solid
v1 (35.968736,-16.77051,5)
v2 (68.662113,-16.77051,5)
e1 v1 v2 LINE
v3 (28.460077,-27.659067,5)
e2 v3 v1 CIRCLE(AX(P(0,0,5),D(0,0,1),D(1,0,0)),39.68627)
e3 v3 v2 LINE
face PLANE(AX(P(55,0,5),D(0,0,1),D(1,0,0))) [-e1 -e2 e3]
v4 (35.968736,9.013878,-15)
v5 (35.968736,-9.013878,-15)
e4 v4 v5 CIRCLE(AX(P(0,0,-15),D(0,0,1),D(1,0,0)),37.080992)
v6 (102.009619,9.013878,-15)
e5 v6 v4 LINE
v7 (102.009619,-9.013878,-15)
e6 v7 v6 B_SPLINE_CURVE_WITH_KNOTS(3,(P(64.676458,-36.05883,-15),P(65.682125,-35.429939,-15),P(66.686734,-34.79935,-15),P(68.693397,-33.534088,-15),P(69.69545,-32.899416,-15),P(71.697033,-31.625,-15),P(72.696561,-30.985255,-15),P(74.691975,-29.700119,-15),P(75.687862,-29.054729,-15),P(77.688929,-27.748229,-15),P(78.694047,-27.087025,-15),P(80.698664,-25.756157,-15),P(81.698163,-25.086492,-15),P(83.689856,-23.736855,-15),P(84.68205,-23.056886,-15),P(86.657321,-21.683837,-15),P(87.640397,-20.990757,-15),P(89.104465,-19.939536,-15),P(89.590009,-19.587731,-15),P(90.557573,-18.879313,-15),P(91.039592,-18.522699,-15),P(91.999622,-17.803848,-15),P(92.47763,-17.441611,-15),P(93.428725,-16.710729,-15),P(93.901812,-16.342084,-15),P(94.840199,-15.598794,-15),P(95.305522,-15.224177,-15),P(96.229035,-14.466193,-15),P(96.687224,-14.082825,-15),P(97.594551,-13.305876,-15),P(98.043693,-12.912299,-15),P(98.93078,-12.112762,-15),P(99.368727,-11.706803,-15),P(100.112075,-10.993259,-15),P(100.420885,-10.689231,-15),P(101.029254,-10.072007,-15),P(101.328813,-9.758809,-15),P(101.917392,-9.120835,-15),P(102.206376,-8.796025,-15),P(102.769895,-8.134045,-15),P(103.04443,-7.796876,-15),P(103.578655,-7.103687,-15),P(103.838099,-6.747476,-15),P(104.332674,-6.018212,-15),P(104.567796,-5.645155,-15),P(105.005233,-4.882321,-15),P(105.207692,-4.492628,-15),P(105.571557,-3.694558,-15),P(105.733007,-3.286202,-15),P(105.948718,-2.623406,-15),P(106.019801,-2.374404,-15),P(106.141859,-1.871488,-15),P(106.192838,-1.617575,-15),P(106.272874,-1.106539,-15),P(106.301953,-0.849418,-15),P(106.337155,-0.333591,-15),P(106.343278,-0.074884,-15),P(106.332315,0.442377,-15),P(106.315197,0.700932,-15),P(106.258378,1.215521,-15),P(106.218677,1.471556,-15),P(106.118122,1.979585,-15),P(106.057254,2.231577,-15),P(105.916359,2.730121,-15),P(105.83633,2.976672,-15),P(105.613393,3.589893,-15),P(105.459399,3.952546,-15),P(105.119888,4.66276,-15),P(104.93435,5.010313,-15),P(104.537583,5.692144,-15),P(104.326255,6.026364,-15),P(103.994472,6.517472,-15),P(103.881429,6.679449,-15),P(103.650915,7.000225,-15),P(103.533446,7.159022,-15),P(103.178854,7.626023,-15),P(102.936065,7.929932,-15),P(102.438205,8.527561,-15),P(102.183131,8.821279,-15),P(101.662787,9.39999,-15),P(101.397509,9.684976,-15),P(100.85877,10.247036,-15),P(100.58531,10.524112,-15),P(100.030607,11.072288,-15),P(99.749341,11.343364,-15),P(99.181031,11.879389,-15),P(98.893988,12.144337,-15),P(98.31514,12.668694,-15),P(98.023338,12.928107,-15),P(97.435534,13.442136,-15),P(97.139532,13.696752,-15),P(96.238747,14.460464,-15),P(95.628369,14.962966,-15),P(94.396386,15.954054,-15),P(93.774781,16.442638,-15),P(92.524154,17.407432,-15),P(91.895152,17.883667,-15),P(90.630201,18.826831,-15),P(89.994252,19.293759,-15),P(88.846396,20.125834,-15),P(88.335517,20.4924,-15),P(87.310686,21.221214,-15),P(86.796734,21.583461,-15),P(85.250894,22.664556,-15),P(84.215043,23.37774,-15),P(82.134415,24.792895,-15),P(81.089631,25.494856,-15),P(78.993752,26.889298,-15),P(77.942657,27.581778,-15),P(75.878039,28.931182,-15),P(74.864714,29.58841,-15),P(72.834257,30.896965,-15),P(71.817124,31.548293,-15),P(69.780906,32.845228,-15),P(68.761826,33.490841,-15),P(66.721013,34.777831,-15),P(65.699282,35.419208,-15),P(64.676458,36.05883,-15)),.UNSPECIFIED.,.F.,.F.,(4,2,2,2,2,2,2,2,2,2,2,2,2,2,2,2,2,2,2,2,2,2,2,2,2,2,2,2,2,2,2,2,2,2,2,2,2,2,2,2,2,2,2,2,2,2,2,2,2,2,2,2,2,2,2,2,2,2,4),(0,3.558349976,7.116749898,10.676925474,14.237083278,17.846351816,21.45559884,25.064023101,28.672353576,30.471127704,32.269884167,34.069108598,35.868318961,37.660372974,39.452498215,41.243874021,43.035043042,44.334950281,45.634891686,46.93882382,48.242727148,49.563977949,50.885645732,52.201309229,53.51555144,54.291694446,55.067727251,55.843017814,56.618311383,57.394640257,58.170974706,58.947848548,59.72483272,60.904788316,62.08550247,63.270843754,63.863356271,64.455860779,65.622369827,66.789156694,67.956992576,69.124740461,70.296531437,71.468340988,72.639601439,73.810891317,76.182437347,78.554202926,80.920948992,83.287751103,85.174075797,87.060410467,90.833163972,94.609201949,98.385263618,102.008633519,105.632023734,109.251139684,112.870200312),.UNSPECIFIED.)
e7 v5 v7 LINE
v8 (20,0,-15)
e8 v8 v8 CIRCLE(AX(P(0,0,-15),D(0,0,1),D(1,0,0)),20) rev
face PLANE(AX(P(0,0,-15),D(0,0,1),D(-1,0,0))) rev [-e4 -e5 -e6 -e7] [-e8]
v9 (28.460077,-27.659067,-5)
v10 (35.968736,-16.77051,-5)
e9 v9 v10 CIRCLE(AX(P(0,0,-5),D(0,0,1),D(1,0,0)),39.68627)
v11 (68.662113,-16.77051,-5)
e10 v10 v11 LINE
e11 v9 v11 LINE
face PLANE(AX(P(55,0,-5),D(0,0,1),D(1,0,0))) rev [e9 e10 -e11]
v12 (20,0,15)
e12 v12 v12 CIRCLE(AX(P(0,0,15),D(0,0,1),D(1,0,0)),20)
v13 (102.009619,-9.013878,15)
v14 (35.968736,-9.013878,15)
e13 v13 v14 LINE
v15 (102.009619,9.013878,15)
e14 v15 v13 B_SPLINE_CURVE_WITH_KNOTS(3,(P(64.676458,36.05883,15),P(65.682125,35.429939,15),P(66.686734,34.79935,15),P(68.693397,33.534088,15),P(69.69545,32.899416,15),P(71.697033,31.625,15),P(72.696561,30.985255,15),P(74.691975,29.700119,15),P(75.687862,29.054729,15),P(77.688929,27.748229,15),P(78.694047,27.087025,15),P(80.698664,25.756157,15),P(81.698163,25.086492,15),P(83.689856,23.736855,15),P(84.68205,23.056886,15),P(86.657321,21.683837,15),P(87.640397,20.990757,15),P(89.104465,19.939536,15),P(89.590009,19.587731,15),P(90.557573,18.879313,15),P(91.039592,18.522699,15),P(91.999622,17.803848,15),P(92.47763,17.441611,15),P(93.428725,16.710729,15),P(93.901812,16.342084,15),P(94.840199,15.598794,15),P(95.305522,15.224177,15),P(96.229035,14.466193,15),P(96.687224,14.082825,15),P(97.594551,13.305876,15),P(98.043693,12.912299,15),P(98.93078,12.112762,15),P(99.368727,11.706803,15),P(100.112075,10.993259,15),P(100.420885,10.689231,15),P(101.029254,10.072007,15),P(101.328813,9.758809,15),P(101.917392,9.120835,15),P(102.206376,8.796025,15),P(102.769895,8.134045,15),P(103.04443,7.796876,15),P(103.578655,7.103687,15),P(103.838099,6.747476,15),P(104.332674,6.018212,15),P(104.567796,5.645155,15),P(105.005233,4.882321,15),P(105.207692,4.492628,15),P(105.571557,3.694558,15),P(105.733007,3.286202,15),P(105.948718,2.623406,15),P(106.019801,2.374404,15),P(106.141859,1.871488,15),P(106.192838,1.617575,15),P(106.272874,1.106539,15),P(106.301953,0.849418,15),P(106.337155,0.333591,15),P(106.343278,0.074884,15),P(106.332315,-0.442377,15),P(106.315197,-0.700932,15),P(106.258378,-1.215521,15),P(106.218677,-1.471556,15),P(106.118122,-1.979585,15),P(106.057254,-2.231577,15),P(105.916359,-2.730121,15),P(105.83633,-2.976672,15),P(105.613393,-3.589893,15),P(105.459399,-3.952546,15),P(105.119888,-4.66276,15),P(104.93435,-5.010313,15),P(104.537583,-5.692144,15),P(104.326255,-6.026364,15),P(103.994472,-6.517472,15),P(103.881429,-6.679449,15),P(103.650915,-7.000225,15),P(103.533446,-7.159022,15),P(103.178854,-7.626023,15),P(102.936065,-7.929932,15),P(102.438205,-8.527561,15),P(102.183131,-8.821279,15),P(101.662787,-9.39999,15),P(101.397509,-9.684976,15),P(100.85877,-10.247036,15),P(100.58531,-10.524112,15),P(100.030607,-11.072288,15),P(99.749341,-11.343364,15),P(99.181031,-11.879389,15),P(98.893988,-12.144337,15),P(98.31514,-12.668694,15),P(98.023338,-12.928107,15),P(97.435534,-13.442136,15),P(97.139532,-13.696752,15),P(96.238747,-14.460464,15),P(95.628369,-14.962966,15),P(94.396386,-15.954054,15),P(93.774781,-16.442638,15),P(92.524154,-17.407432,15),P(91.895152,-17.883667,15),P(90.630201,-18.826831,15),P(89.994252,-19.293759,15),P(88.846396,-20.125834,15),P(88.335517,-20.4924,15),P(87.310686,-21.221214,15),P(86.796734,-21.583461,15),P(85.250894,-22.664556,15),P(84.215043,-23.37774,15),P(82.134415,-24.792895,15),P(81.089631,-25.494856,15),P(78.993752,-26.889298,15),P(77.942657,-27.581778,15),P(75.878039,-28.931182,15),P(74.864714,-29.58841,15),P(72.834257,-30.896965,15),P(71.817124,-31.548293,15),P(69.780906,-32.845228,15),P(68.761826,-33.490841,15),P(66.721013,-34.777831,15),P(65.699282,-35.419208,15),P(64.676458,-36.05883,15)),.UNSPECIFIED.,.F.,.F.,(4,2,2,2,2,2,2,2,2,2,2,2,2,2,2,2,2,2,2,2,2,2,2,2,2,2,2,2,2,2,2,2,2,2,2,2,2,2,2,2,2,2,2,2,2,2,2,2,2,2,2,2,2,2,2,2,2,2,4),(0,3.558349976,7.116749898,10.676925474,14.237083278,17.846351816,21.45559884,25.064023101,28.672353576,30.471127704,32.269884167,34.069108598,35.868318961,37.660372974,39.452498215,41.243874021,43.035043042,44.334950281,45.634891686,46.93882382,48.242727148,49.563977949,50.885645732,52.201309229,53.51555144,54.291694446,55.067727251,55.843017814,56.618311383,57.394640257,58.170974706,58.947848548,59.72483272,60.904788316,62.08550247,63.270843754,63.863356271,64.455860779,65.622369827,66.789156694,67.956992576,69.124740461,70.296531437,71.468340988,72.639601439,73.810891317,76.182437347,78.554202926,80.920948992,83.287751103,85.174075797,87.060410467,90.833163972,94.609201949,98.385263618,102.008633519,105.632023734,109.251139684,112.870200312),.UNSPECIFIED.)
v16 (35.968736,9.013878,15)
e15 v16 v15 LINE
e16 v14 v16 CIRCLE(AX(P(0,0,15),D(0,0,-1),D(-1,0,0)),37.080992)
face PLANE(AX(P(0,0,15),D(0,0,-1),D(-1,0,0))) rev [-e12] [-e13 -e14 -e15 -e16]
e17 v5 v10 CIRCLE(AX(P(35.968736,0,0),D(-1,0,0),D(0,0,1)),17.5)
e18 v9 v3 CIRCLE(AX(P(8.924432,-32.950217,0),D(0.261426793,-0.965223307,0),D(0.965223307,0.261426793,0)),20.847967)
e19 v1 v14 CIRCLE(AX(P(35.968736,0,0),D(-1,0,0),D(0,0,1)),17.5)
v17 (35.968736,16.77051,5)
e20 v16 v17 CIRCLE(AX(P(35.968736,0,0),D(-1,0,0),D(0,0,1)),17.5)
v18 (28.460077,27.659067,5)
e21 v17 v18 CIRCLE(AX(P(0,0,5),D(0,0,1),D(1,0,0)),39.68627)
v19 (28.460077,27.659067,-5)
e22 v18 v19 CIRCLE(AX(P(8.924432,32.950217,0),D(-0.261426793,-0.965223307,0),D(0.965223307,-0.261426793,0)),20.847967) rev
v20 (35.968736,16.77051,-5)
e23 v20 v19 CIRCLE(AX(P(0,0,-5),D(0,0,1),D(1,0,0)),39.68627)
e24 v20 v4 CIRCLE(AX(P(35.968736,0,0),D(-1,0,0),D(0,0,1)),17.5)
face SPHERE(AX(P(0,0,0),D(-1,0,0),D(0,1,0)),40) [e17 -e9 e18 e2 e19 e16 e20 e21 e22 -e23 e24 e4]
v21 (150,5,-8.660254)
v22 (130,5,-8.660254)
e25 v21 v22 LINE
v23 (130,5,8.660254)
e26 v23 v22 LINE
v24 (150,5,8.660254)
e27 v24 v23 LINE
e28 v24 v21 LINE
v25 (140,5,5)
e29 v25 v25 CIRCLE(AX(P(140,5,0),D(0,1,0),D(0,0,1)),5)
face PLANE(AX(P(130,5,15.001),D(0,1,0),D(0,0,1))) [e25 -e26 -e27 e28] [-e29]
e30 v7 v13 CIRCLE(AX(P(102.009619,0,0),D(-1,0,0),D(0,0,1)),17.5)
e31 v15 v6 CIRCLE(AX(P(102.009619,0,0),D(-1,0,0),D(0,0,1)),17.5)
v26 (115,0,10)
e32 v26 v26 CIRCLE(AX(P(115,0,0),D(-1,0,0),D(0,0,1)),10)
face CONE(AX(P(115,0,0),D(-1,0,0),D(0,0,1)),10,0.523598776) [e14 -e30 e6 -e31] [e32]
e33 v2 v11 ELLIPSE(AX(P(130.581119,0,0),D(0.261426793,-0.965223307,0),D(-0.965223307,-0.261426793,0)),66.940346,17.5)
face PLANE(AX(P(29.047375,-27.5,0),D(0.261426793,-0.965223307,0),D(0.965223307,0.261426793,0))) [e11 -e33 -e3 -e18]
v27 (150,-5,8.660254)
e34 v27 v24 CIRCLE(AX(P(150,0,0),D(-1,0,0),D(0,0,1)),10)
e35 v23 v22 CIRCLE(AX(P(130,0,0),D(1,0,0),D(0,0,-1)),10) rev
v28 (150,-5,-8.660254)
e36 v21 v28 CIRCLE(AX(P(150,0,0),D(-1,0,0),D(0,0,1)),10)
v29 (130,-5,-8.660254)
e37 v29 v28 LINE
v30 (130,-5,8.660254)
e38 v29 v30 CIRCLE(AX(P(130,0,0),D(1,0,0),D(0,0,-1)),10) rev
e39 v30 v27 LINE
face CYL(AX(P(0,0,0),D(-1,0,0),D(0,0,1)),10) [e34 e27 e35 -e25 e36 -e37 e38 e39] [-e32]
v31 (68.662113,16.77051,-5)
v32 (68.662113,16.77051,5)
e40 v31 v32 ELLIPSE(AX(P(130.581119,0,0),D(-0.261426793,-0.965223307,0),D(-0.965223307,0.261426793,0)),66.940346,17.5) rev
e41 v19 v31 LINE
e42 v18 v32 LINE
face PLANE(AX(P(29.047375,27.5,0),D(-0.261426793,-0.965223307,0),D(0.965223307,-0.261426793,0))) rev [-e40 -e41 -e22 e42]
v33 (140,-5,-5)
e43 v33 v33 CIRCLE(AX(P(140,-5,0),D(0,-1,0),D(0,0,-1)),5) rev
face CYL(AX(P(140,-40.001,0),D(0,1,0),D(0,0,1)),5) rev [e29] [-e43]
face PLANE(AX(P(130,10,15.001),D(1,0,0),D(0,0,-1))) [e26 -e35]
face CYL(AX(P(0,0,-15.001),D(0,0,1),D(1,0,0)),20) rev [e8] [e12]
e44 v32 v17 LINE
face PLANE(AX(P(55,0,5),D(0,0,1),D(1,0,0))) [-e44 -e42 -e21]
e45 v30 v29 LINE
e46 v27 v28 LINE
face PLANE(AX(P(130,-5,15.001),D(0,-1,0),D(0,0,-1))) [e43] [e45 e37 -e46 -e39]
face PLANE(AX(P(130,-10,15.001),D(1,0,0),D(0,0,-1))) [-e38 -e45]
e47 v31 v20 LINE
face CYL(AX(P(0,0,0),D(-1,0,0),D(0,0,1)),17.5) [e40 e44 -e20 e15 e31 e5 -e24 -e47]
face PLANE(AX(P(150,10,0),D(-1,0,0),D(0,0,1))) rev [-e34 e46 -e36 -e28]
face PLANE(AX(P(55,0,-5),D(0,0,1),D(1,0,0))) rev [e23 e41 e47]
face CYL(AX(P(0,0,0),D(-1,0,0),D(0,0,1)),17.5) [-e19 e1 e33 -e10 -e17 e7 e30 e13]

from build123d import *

# Parameters (mm, degrees)
CUT_EXTRUDE_START                    = 15
SKETCH_4_W                           = 227.596726831
SKETCH_4_H                           = 99.432892292
CUT_EXTRUDE_1_DEPTH                  = 50
CUT_EXTRUDE_2_REACH                  = 160.114
SKETCH_5_R                           = 20
CUT_EXTRUDE_4_REACH                  = 157.965
CUT_EXTRUDE_4_END_RADIUS             = 10
SKETCH_6_W                           = 20
SKETCH_6_H                           = 5
CUT_EXTRUDE_4_DIRECTION_2_REACH      = 157.965
CUT_EXTRUDE_4_DIRECTION_2_END_RADIUS = 10
CUT_EXTRUDE_5_REACH                  = 159.321
SKETCH_8_R                           = 5
RIB_1_REACH                          = 157.965
SKETCH_9_WALL_W                      = 352.18110561
SKETCH_9_WALL_H                      = 10


with BuildPart() as part:
    # 草图2 → 旋转1 (revolve)
    with BuildSketch(Plane.XY, mode=Mode.PRIVATE) as revolve_1_sk:
        with BuildLine():
            Line((35.968736425, 17.5), (102.009618943, 17.5))
            Line((102.009618943, 17.5), (115, 10))
            Line((115, 10), (150, 10))
            Line((150, 10), (150, 0))
            Line((150, 0), (40, 0))
            Line((40, 0), (-40, 0))
            ThreePointArc((-40, 0), (-8.979157617, 38.979157617), (35.968736425, 17.5))
        make_face()
    revolve(revolve_1_sk.sketch.rotate(Axis((0, 0, 0), (1, 0, 0)), 90), axis=Axis((0, 0, 0), (1, 0, 0)))

    # 草图4 → 切除-拉伸1 (cut)
    with BuildSketch(Plane.XY.offset(CUT_EXTRUDE_START)):
        with Locations((54.933799673, 2.64801311)):
            Rectangle(SKETCH_4_W, SKETCH_4_H)
    cut_extrude_1 = extrude(amount=CUT_EXTRUDE_1_DEPTH, mode=Mode.SUBTRACT)

    # 镜向1: 切除-拉伸1 across plane
    add(cut_extrude_1.mirror(Plane.XY), mode=Mode.SUBTRACT)

    # 草图5 → 切除-拉伸2 (cut, up to next)
    with BuildSketch(Plane.XY.offset(15), mode=Mode.PRIVATE) as cut_extrude_2_sk1:
        Circle(SKETCH_5_R)
    cut_extrude_2_tool1 = extrude(cut_extrude_2_sk1.sketch, amount=-CUT_EXTRUDE_2_REACH, mode=Mode.PRIVATE) & part.part
    add(cut_extrude_2_tool1.solids().sort_by_distance((0, 0, 15))[0], mode=Mode.SUBTRACT)

    # 切除-拉伸4: up to this cylinder (the profile starts inside it)
    cut_extrude_4_end = Plane(origin=(140, 0, 0), z_dir=(-1, 0, 0)) * Cylinder(CUT_EXTRUDE_4_END_RADIUS, 336.93, mode=Mode.PRIVATE)
    # 草图6 → 切除-拉伸4 (cut, up to the surface)
    with BuildSketch(Plane.XY, mode=Mode.PRIVATE) as cut_extrude_4_sk1:
        with Locations((140, 7.5)):
            Rectangle(SKETCH_6_W, SKETCH_6_H)
    cut_extrude_4_tool1 = extrude(cut_extrude_4_sk1.sketch, amount=-CUT_EXTRUDE_4_REACH, mode=Mode.PRIVATE) & cut_extrude_4_end
    add(cut_extrude_4_tool1.solids().sort_by_distance((140, 7.5, 0))[0], mode=Mode.SUBTRACT)
    # 草图6 → 切除-拉伸4 (cut, up to the surface)
    with BuildSketch(Plane.XY, mode=Mode.PRIVATE) as cut_extrude_4_sk2:
        with Locations((140, -7.5)):
            Rectangle(SKETCH_6_W, SKETCH_6_H)
    cut_extrude_4_tool2 = extrude(cut_extrude_4_sk2.sketch, amount=-CUT_EXTRUDE_4_REACH, mode=Mode.PRIVATE) & cut_extrude_4_end
    add(cut_extrude_4_tool2.solids().sort_by_distance((140, -7.5, 0))[0], mode=Mode.SUBTRACT)

    # 切除-拉伸4 direction 2: up to this cylinder (the profile starts inside it)
    cut_extrude_4_direction_2_end = Plane(origin=(140, 0, 0), z_dir=(-1, 0, 0)) * Cylinder(CUT_EXTRUDE_4_DIRECTION_2_END_RADIUS, 336.93, mode=Mode.PRIVATE)
    # 草图6 → 切除-拉伸4 direction 2 (cut, up to the surface)
    with BuildSketch(Plane.XY, mode=Mode.PRIVATE) as cut_extrude_4_direction_2_sk1:
        with Locations((140, 7.5)):
            Rectangle(SKETCH_6_W, SKETCH_6_H)
    cut_extrude_4_direction_2_tool1 = extrude(cut_extrude_4_direction_2_sk1.sketch, amount=CUT_EXTRUDE_4_DIRECTION_2_REACH, mode=Mode.PRIVATE) & cut_extrude_4_direction_2_end
    add(cut_extrude_4_direction_2_tool1.solids().sort_by_distance((140, 7.5, 0))[0], mode=Mode.SUBTRACT)
    # 草图6 → 切除-拉伸4 direction 2 (cut, up to the surface)
    with BuildSketch(Plane.XY, mode=Mode.PRIVATE) as cut_extrude_4_direction_2_sk2:
        with Locations((140, -7.5)):
            Rectangle(SKETCH_6_W, SKETCH_6_H)
    cut_extrude_4_direction_2_tool2 = extrude(cut_extrude_4_direction_2_sk2.sketch, amount=CUT_EXTRUDE_4_DIRECTION_2_REACH, mode=Mode.PRIVATE) & cut_extrude_4_direction_2_end
    add(cut_extrude_4_direction_2_tool2.solids().sort_by_distance((140, -7.5, 0))[0], mode=Mode.SUBTRACT)

    # 草图8 → 切除-拉伸5 (cut, up to next)
    with BuildSketch(Plane(origin=(0, 5, 0), x_dir=(1, 0, 0), z_dir=(0, 1, 0)), mode=Mode.PRIVATE) as cut_extrude_5_sk1:
        with Locations(Location((140, 0, 0), (0, 0, 270))):
            Circle(SKETCH_8_R)
    cut_extrude_5_tool1 = extrude(cut_extrude_5_sk1.sketch, amount=-CUT_EXTRUDE_5_REACH, mode=Mode.PRIVATE) & part.part
    add(cut_extrude_5_tool1.solids().sort_by_distance((140, 5, 0))[0], mode=Mode.SUBTRACT)

    # 草图9 wall → 筋1 (add, up to next)
    with BuildSketch(Plane(origin=(47.508055761, 22.5, 0), x_dir=(0.965223306875, -0.261426792555, 0), z_dir=(0.261426792555, 0.965223306875, 0)), mode=Mode.PRIVATE) as rib_1_sk1:
        Rectangle(SKETCH_9_WALL_W, SKETCH_9_WALL_H)
    rib_1_tool1 = extrude(rib_1_sk1.sketch, amount=-RIB_1_REACH, mode=Mode.PRIVATE) - part.part
    rib_1 = rib_1_tool1.solids().sort_by_distance((47.508055761, 22.5, 0))[0]
    add(rib_1)

    # 镜向2: 筋1 across plane
    add(rib_1.mirror(Plane(origin=(0, 0, 0), x_dir=(0, 0, 1), z_dir=(0, -1, 0))))


solid = part.part
